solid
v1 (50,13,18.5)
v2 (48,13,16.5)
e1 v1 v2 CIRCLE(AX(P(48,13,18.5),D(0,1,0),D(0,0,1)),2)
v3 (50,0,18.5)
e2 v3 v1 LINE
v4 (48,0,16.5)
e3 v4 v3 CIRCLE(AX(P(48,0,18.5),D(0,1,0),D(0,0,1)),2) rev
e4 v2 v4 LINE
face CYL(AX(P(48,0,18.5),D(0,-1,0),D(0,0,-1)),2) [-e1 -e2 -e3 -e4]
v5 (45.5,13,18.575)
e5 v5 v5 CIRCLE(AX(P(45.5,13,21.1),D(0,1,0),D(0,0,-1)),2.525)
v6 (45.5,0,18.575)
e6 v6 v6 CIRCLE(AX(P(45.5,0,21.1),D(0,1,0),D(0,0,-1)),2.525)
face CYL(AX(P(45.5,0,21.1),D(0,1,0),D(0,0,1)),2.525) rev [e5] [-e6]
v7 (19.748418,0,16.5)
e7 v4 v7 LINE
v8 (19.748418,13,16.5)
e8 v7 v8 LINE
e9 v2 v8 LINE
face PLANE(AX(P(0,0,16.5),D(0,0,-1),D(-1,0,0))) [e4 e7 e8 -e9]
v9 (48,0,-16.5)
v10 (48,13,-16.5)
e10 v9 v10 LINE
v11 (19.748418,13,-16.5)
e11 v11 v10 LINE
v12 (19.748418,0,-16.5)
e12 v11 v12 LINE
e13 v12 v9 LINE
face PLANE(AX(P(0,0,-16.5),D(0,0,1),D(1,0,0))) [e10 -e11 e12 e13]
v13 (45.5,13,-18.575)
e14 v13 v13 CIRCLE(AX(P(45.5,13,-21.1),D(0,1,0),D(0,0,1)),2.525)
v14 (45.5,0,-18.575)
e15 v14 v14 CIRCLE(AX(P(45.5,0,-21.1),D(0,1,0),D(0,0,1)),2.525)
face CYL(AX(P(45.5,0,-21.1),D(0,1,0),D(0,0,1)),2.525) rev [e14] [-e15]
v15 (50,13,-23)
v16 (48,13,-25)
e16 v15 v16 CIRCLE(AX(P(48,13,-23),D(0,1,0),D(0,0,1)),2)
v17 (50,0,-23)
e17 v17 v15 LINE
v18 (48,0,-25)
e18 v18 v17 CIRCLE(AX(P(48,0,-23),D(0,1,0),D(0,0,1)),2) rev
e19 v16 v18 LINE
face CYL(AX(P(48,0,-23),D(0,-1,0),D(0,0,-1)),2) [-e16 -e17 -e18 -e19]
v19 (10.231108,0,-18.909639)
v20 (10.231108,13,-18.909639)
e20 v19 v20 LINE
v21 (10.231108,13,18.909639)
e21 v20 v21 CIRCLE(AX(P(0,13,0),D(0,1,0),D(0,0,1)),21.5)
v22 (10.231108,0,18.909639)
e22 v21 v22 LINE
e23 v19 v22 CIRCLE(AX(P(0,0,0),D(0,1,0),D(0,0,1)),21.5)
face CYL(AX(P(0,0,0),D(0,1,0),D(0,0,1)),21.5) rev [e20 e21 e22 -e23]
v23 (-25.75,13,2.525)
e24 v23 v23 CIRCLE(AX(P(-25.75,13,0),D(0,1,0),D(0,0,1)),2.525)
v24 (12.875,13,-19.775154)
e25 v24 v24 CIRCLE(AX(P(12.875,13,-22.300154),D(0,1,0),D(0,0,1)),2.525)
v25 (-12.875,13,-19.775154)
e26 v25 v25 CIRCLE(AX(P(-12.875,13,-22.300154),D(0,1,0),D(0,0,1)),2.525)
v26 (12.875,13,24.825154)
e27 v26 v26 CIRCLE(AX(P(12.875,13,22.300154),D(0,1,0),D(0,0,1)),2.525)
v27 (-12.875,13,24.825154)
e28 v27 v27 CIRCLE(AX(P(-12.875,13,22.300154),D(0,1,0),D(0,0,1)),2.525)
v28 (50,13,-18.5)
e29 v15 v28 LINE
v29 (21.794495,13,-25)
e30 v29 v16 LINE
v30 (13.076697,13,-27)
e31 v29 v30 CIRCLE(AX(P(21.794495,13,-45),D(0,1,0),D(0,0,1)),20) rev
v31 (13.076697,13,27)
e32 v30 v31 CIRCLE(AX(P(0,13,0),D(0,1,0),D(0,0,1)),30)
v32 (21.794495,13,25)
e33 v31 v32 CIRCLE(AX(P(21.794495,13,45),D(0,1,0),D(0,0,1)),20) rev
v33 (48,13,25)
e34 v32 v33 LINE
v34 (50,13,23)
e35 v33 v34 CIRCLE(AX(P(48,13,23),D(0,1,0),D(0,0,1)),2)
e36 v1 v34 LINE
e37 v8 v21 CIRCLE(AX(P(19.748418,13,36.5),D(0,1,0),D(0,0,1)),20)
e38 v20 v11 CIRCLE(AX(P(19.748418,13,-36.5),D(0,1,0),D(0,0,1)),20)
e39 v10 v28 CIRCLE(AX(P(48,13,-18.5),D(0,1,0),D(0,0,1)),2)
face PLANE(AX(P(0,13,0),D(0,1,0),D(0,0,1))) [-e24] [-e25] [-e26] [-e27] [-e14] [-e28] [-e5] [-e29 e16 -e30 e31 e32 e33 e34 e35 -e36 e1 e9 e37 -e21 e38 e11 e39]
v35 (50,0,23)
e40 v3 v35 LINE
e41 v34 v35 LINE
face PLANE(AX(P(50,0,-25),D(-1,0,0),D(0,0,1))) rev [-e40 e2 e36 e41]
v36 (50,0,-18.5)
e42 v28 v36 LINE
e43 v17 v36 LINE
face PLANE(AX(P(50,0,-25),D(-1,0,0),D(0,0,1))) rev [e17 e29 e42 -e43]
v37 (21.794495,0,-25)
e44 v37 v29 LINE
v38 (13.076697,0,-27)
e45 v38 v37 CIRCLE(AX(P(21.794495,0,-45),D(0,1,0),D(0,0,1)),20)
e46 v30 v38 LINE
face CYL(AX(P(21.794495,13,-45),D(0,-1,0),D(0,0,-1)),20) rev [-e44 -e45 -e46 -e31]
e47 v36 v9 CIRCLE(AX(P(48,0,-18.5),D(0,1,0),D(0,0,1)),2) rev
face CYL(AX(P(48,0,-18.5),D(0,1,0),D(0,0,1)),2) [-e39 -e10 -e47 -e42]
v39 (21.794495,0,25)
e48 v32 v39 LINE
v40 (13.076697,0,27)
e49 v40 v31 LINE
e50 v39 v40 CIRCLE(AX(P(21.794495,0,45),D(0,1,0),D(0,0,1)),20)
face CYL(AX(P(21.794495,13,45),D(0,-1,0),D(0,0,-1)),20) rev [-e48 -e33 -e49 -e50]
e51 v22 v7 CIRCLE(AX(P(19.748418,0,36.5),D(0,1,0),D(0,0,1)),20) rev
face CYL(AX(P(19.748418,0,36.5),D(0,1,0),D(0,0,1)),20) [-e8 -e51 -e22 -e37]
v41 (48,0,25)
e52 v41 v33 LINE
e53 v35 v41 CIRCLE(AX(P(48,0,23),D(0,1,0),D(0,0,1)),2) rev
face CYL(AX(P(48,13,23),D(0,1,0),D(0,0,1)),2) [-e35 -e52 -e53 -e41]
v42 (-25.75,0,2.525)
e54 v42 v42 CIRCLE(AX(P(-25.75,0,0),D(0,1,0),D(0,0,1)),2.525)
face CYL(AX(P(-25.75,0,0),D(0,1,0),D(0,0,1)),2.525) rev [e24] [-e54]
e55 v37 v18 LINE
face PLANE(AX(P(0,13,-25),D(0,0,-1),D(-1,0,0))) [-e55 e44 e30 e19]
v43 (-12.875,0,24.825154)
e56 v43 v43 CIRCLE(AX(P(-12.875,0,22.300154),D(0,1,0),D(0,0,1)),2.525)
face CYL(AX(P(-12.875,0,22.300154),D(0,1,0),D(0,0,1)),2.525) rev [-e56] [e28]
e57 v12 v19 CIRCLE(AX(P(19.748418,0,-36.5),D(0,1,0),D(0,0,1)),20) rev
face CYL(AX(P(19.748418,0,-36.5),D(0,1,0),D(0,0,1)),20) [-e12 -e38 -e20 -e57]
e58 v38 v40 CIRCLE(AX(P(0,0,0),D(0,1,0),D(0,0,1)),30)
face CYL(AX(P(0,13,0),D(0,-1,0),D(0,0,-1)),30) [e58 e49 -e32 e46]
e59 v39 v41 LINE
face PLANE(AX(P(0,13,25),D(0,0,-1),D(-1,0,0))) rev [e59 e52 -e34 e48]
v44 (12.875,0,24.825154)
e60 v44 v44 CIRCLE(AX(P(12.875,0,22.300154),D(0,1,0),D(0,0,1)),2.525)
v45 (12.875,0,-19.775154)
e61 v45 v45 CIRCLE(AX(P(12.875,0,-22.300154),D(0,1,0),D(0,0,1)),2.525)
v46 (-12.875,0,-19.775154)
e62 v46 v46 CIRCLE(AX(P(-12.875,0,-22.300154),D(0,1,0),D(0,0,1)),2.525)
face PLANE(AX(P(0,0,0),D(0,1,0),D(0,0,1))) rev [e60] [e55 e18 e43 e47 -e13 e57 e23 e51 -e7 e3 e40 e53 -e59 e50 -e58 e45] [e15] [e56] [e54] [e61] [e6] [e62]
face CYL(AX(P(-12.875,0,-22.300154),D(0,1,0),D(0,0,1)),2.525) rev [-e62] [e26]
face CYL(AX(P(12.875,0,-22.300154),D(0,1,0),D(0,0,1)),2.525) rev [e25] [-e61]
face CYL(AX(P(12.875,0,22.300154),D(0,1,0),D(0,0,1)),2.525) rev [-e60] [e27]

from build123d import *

# Parameters (mm, degrees)
EXTRUDE_1_DEPTH     = 13
SKETCH_2_R          = 2.525
CUT_EXTRUDE_1_DEPTH = 14
CUT_EXTRUDE_2_DEPTH = 14
SKETCH_4_R          = 2.525
CUT_EXTRUDE_3_DEPTH = 14
SKETCH_5_W          = 8
SKETCH_5_H          = 50
CUT_EXTRUDE_4_DEPTH = 14
SKETCH_6_R          = 1.525
CUT_EXTRUDE_5_DEPTH = 14
SKETCH_7_W          = 12
SKETCH_7_H          = 55
CUT_EXTRUDE_6_DEPTH = 14
FILLET_1_R          = 20
FILLET_2_R          = 20
FILLET_3_R          = 2


with BuildPart() as part:
    # 草图1 → 凸台-拉伸1 (new body)
    with BuildSketch(Plane(origin=(0, 0, 0), x_dir=(1, 0, 0), z_dir=(0, 1, 0))):
        with BuildLine():
            ThreePointArc((16.583123952, 25), (-30, 0), (16.583123952, -25))
            Line((16.583123952, -25), (16.583123952, 25))
        make_face()
        with BuildLine():
            Line((16.583123952, 25), (16.583123952, -25))
            ThreePointArc((16.583123952, -25), (26.433820369, -14.186371655), (30, 0))
            ThreePointArc((30, 0), (26.433820369, 14.186371655), (16.583123952, 25))
        make_face()
        with BuildLine():
            ThreePointArc((30, 0), (26.433820369, -14.186371655), (16.583123952, -25))
            Line((16.583123952, -25), (70, -25))
            Line((70, -25), (70, 25))
            Line((70, 25), (16.583123952, 25))
            ThreePointArc((16.583123952, 25), (26.433820369, 14.186371655), (30, 0))
        make_face()
    extrude(amount=EXTRUDE_1_DEPTH)

    # 草图2 → 切除-拉伸1 (cut, through all)
    with BuildSketch(Plane(origin=(0, 13, 0), x_dir=(1, 0, 0), z_dir=(0, 1, 0))):
        with Locations((-25.75, 0)):
            Circle(SKETCH_2_R)
        with Locations((-12.875, 22.300154147)):
            Circle(SKETCH_2_R)
        with Locations((12.875, 22.300154147)):
            Circle(SKETCH_2_R)
        with Locations((25.75, 0)):
            Circle(SKETCH_2_R)
        with Locations((12.875, -22.300154147)):
            Circle(SKETCH_2_R)
        with Locations((-12.875, -22.300154147)):
            Circle(SKETCH_2_R)
    extrude(amount=-CUT_EXTRUDE_1_DEPTH, mode=Mode.SUBTRACT)

    # 草图3 → 切除-拉伸2 (cut, through all)
    with BuildSketch(Plane(origin=(0, 13, 0), x_dir=(1, 0, 0), z_dir=(0, 1, 0))):
        with BuildLine():
            Line((13.784048752, -16.5), (52, -16.5))
            Line((52, -16.5), (52, 16.5))
            Line((52, 16.5), (13.784048752, 16.5))
            ThreePointArc((13.784048752, 16.5), (-21.5, 0), (13.784048752, -16.5))
        make_face()
    extrude(amount=-CUT_EXTRUDE_2_DEPTH, mode=Mode.SUBTRACT)

    # 草图4 → 切除-拉伸3 (cut, through all)
    with BuildSketch(Plane(origin=(0, 13, 0), x_dir=(1, 0, 0), z_dir=(0, 1, 0))):
        with Locations((45.5, 21.1)):
            Circle(SKETCH_4_R)
        with Locations((45.5, -21.1)):
            Circle(SKETCH_4_R)
    extrude(amount=-CUT_EXTRUDE_3_DEPTH, mode=Mode.SUBTRACT)

    # 草图5 → 切除-拉伸4 (cut, through all)
    with BuildSketch(Plane(origin=(0, 13, 0), x_dir=(1, 0, 0), z_dir=(0, 1, 0))):
        with Locations((66, 0)):
            Rectangle(SKETCH_5_W, SKETCH_5_H)
    extrude(amount=-CUT_EXTRUDE_4_DEPTH, mode=Mode.SUBTRACT)

    # 草图6 → 切除-拉伸5 (cut, through all)
    with BuildSketch(Plane(origin=(0, 13, 0), x_dir=(1, 0, 0), z_dir=(0, 1, 0))):
        with Locations((56, 0)):
            Circle(SKETCH_6_R)
        with Locations((56, 15)):
            Circle(SKETCH_6_R)
        with Locations((56, -15)):
            Circle(SKETCH_6_R)
    extrude(amount=-CUT_EXTRUDE_5_DEPTH, mode=Mode.SUBTRACT)

    # 草图7 → 切除-拉伸6 (cut, through all)
    with BuildSketch(Plane(origin=(0, 13, 0), x_dir=(1, 0, 0), z_dir=(0, 1, 0))):
        with Locations((56, -2.5)):
            Rectangle(SKETCH_7_W, SKETCH_7_H)
    extrude(amount=-CUT_EXTRUDE_6_DEPTH, mode=Mode.SUBTRACT)

    # 圆角1
    fillet_1_edges = [part.edges().sort_by_distance(p)[0] for p in [
        (13.784048752, 6.5, -16.5),
        (13.784048752, 6.5, 16.5),
    ]]
    fillet(fillet_1_edges, radius=FILLET_1_R)

    # 圆角2
    fillet_2_edges = [part.edges().sort_by_distance(p)[0] for p in [
        (16.583123952, 6.5, -25),
        (16.583123952, 6.5, 25),
    ]]
    fillet(fillet_2_edges, radius=FILLET_2_R)

    # 圆角3
    fillet_3_edges = [part.edges().sort_by_distance(p)[0] for p in [
        (50, 6.5, 16.5),
        (50, 6.5, 25),
        (50, 6.5, -16.5),
        (50, 6.5, -25),
    ]]
    fillet(fillet_3_edges, radius=FILLET_3_R)


solid = part.part
